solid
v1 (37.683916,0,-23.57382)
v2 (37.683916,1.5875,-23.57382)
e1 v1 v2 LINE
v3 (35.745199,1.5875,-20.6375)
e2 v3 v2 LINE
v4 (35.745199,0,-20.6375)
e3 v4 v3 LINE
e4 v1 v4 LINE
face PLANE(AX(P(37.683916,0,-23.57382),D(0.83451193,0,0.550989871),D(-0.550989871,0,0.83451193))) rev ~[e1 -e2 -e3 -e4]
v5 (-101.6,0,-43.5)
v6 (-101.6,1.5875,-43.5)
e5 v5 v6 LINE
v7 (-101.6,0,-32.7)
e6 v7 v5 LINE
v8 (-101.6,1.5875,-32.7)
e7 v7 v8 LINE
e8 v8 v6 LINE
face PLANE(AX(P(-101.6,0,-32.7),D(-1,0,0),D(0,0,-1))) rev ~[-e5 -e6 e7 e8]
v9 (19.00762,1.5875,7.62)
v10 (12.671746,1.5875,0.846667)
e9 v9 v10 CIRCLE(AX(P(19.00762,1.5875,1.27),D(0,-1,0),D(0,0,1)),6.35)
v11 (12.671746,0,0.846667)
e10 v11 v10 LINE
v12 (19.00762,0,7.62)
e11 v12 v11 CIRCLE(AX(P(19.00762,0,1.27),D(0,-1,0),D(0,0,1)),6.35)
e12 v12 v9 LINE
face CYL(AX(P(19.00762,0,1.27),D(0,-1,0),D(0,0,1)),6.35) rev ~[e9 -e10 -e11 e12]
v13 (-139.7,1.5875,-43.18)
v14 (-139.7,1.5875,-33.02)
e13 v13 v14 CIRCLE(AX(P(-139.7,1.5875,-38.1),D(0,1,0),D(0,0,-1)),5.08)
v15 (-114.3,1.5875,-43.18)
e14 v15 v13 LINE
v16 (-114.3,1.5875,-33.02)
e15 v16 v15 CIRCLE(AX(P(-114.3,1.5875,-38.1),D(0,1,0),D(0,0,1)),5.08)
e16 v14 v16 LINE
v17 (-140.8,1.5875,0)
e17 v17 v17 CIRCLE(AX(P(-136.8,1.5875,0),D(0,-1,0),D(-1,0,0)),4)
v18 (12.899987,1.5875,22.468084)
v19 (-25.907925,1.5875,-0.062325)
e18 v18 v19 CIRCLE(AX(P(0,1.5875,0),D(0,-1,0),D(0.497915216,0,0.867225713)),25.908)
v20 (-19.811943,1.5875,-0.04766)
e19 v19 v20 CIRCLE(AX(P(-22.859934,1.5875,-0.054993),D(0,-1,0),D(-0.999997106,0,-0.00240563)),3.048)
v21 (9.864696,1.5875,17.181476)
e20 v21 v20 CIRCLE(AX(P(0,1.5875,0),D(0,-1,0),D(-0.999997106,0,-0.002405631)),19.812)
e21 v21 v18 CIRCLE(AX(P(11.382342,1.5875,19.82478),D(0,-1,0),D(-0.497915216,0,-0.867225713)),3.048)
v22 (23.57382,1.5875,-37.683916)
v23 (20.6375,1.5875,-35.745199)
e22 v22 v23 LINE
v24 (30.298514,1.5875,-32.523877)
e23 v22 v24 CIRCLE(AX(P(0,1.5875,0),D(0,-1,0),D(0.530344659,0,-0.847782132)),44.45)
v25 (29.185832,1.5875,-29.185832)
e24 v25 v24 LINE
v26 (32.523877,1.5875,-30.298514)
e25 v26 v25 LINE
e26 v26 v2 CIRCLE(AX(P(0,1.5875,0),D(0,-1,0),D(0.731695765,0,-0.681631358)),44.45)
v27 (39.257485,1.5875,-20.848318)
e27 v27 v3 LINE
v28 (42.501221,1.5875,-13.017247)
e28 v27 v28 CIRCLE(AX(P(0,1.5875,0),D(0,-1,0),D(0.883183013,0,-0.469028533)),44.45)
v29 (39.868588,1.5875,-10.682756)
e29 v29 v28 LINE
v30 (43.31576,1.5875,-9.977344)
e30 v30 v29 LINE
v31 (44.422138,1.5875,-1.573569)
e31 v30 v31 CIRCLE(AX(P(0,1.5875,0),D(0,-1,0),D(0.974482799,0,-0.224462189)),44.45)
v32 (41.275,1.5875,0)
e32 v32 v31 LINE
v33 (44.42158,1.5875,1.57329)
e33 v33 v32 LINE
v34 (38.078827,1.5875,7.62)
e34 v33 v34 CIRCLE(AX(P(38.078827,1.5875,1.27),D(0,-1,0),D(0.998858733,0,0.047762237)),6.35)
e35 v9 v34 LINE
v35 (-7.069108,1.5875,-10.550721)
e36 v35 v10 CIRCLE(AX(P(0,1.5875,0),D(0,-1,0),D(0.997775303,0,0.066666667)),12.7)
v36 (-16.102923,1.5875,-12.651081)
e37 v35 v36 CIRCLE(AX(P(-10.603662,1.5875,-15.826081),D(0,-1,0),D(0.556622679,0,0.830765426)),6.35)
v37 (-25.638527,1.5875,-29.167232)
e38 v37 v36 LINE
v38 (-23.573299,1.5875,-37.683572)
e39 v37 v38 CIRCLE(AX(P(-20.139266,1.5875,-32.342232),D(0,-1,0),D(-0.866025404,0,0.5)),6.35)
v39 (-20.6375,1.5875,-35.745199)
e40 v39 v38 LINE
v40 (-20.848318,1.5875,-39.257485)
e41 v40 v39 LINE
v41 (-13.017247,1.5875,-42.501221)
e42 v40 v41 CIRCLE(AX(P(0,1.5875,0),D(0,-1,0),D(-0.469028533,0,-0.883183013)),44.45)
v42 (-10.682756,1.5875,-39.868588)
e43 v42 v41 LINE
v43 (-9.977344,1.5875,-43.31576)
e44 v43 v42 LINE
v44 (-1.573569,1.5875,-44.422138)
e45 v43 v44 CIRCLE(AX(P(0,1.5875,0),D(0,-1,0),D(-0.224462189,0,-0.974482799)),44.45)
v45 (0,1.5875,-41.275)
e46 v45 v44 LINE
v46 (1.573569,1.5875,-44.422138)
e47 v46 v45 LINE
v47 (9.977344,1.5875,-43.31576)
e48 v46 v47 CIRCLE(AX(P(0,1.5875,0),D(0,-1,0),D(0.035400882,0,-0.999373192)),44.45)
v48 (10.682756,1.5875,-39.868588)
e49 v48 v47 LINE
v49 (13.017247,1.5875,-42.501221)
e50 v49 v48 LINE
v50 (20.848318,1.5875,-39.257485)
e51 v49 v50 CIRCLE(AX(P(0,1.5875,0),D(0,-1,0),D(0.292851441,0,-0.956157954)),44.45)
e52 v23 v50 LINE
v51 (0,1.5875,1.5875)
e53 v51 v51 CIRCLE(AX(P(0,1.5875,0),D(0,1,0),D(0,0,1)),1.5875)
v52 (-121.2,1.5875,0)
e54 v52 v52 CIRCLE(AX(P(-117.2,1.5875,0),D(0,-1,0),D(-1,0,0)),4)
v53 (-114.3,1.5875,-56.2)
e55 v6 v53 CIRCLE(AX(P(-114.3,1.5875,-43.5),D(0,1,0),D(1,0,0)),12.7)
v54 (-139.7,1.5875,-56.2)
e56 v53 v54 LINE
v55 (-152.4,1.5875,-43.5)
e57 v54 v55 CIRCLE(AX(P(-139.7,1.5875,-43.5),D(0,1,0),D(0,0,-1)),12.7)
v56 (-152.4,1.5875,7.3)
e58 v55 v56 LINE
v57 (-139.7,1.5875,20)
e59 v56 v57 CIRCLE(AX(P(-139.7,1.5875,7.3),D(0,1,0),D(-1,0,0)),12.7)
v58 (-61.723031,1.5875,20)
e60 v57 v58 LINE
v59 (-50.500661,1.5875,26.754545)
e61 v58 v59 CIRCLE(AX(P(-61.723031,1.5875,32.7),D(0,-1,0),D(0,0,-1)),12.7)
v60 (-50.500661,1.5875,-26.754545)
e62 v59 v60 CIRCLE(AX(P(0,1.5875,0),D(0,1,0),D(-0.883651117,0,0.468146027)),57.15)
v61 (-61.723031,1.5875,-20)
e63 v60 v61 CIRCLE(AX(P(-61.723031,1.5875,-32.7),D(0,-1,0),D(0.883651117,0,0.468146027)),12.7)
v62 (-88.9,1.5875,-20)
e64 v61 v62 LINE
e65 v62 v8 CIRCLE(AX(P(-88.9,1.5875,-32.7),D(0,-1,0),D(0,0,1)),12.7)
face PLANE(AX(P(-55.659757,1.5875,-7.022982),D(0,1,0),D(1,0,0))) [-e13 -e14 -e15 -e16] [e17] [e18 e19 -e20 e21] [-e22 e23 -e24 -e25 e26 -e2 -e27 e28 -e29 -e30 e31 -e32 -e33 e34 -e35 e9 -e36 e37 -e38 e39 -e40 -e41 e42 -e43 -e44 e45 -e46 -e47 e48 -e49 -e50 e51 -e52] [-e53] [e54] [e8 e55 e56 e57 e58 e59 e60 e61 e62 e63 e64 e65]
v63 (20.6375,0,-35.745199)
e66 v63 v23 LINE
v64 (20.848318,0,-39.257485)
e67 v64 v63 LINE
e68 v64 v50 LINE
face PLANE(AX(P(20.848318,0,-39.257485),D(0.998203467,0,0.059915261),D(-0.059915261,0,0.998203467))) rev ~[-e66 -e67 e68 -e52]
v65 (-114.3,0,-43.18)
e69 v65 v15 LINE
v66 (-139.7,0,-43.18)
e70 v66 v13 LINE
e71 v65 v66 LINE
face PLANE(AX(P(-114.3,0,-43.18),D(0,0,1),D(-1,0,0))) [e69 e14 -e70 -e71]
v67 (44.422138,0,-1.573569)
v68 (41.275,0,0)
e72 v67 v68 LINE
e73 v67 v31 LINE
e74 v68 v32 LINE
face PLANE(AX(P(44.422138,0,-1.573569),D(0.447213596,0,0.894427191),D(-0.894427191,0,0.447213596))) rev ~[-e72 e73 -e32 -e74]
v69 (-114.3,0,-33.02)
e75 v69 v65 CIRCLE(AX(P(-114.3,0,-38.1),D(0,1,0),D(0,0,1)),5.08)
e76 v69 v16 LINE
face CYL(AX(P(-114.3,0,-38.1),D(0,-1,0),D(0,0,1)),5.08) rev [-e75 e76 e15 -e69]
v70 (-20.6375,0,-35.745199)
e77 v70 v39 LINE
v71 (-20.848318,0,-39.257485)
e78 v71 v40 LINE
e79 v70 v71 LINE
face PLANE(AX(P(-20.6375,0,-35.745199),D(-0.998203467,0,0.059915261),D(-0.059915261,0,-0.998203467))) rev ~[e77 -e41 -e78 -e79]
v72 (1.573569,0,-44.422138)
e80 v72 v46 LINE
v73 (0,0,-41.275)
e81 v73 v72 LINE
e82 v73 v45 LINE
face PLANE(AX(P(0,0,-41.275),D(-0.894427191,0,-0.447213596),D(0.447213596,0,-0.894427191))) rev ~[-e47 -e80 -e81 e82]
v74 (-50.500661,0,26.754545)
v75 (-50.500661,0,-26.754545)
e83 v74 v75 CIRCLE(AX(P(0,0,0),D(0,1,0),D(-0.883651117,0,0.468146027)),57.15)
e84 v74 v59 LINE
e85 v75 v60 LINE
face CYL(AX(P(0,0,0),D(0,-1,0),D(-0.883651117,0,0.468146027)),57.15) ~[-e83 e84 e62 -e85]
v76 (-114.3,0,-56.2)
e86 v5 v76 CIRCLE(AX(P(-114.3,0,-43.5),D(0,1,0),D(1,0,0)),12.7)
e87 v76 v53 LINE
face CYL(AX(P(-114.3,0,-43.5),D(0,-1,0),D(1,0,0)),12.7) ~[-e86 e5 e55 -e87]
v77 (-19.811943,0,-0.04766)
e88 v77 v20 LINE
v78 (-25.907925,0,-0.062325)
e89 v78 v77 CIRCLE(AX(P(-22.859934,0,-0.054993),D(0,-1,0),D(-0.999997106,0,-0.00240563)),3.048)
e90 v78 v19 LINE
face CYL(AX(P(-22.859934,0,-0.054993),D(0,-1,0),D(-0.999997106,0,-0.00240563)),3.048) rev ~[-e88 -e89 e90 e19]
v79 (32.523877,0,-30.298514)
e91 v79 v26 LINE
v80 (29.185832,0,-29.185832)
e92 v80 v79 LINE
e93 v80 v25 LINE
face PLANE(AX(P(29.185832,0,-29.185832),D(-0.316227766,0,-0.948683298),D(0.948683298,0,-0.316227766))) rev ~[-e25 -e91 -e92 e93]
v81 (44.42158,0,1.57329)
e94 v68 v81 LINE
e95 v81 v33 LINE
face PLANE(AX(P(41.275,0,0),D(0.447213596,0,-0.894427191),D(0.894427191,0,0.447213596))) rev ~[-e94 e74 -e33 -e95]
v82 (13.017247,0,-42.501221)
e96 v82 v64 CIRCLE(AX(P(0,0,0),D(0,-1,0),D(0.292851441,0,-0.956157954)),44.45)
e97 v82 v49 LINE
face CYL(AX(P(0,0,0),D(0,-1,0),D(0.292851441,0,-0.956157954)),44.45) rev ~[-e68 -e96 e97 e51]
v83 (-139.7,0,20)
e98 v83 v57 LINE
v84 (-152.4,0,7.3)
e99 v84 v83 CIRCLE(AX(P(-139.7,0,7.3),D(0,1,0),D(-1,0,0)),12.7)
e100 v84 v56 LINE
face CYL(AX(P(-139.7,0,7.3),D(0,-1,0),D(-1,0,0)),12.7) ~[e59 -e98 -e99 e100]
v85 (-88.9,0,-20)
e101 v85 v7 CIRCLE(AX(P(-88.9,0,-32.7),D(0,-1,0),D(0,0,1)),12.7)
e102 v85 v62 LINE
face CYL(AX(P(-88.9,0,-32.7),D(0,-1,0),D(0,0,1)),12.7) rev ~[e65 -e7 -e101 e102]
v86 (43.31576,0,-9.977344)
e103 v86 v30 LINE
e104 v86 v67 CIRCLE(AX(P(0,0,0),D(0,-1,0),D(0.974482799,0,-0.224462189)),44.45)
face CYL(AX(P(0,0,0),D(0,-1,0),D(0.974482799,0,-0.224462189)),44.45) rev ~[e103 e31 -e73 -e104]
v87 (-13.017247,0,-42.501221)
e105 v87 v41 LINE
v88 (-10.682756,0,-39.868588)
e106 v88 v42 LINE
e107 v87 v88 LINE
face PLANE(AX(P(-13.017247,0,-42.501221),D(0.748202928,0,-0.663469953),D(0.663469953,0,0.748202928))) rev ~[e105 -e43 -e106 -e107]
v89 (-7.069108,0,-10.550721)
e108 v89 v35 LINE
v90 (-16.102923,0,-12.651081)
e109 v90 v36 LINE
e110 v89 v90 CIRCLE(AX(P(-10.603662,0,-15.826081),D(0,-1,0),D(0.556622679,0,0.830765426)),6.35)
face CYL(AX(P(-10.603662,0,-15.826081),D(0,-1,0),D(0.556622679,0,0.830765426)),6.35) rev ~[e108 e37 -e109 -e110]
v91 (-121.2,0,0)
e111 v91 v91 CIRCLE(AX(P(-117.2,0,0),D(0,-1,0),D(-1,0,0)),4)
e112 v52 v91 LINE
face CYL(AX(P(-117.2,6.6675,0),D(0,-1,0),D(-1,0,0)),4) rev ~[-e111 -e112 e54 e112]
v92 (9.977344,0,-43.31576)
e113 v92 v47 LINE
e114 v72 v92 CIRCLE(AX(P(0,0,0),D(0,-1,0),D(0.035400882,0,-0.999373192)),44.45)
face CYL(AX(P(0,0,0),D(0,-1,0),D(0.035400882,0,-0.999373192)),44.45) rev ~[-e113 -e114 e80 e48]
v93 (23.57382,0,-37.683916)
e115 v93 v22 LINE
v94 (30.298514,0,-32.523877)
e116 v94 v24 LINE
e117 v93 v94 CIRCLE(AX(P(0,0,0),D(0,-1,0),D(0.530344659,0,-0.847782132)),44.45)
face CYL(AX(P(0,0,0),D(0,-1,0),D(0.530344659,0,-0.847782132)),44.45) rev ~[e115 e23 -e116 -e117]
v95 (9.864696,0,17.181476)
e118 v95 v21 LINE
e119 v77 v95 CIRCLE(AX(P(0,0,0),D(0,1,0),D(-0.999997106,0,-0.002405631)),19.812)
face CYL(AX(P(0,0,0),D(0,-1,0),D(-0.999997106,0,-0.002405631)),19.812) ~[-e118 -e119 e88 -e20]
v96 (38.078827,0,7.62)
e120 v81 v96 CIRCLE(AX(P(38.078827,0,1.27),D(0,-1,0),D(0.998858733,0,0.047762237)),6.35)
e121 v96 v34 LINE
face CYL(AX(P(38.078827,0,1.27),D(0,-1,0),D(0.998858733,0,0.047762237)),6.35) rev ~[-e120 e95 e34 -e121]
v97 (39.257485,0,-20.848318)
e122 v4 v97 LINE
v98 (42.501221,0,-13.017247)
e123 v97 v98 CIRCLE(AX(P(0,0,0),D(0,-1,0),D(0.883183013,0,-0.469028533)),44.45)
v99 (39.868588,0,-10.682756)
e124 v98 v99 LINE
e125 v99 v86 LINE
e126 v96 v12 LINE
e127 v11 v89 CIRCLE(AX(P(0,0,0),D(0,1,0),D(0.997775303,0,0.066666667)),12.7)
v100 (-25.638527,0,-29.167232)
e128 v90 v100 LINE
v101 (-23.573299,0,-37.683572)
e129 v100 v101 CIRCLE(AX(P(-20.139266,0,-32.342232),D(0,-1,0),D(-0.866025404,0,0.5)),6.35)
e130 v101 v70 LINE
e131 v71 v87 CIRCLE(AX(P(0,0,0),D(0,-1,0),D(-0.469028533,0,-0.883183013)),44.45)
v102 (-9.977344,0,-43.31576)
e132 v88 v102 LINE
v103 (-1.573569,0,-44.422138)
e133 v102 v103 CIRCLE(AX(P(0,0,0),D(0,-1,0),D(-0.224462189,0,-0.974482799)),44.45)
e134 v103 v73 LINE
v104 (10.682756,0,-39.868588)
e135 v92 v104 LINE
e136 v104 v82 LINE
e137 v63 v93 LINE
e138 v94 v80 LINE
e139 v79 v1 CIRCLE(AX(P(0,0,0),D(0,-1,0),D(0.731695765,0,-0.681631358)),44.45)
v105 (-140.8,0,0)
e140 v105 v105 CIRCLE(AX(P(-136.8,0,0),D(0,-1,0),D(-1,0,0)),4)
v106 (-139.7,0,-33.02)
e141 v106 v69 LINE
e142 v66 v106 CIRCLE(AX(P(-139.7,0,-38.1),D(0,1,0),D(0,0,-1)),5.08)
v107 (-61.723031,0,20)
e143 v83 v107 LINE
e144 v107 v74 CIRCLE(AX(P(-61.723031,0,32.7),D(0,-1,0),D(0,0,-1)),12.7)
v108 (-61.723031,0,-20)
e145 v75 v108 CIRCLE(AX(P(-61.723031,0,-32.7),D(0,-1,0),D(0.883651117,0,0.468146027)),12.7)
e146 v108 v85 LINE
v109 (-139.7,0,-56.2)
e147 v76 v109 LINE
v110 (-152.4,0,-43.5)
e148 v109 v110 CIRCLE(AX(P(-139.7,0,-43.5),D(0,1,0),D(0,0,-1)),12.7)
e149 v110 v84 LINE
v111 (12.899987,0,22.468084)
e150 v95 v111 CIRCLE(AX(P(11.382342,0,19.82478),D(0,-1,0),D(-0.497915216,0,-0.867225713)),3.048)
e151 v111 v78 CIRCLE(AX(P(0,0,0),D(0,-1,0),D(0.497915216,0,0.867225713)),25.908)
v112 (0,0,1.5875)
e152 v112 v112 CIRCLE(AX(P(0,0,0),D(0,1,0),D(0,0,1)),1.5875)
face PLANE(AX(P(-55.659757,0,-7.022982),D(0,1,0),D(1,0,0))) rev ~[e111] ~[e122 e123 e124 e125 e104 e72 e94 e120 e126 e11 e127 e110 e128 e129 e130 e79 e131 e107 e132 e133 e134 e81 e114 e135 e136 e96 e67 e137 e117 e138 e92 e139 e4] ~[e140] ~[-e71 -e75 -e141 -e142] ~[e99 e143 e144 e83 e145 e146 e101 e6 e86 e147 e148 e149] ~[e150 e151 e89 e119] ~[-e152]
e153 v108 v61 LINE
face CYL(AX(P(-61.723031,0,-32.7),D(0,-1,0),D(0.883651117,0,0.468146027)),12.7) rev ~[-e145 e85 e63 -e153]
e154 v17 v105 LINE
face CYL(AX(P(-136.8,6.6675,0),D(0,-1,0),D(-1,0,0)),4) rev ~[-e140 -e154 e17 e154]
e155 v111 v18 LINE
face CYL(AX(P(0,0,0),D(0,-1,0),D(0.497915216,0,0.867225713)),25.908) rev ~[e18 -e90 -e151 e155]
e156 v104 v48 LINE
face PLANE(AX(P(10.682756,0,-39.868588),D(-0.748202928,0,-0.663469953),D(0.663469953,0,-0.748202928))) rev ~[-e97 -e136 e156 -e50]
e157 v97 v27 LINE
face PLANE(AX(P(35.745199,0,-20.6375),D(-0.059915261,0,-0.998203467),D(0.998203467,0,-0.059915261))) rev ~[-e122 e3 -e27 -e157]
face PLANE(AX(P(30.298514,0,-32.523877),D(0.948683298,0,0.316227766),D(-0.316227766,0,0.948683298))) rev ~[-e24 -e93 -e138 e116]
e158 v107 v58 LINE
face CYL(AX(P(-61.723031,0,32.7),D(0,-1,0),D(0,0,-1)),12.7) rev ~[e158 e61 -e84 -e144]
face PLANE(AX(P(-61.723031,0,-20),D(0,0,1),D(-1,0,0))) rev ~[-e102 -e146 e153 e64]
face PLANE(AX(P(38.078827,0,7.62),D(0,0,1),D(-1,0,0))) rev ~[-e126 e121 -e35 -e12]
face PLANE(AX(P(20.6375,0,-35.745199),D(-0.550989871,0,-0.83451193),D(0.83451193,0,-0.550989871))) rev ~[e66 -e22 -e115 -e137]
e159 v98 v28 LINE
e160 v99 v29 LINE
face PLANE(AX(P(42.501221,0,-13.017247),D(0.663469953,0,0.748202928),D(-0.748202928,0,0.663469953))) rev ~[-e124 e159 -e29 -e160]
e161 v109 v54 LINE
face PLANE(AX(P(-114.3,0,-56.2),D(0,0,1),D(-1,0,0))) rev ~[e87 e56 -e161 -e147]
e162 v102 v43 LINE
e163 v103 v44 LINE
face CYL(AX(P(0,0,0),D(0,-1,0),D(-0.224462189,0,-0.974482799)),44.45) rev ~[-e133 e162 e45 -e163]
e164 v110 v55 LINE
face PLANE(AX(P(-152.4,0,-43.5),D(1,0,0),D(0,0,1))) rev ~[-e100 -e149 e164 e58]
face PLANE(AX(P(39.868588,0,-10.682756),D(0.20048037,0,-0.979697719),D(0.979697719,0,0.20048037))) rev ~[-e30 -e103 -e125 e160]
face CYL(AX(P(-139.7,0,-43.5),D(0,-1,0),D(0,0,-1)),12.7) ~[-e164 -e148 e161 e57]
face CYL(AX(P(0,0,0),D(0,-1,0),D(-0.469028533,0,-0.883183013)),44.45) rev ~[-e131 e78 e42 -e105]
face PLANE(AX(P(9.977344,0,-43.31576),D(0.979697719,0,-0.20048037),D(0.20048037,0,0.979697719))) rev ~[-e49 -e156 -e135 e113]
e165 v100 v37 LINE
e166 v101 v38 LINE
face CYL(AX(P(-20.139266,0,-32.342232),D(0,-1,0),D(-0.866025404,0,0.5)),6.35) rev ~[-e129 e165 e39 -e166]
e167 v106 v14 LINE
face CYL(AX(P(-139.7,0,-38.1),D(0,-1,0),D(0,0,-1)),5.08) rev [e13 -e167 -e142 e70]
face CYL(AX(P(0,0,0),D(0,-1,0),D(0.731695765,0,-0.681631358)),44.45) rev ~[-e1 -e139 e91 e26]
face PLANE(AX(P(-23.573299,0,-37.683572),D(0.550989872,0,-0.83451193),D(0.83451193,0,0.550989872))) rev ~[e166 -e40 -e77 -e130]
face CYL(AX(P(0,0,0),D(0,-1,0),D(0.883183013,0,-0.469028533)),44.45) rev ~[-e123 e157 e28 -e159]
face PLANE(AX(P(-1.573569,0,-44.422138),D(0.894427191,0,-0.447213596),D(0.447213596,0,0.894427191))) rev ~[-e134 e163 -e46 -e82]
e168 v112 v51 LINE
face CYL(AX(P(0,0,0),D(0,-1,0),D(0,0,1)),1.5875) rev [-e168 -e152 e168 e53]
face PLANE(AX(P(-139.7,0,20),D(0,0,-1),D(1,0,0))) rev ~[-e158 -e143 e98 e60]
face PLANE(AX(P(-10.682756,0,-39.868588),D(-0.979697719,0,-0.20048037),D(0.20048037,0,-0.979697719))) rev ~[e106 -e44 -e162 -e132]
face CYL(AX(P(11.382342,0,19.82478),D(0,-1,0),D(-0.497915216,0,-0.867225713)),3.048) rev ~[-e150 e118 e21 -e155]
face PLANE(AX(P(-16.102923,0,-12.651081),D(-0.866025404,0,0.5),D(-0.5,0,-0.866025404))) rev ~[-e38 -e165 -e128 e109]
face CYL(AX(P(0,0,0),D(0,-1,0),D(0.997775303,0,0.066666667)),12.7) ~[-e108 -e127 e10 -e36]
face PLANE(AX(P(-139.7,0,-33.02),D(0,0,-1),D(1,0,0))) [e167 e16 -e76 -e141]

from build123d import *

# Parameters (mm, degrees)
SKETCH1_R                 = 1.27
SKETCH1_R_2               = 1.5875
BOSS_EXTRUDE1_DEPTH       = 1.5875
CUT_EXTRUDE3_DEPTH        = 163.771012948
CUT_EXTRUDE4_DEPTH        = 163.771012948
F_8_0MM_DOWEL_HOLE1_D     = 8
F_8_0MM_DOWEL_HOLE1_DEPTH = 5.08
F_8_0MM_DOWEL_HOLE1_TIP   = 2.403442476


with BuildPart() as part:
    # Sketch1 → Boss-Extrude1 (new body)
    with BuildSketch(Plane(origin=(0, 0, 0), x_dir=(1, 0, 0), z_dir=(0, 1, 0))):
        with BuildLine():
            Line((-152.4, 43.5), (-152.4, -7.3))
            ThreePointArc((-152.4, -7.3), (-148.680256121, -16.280256121), (-139.7, -20))
            Line((-139.7, -20), (-61.723030548, -20))
            ThreePointArc((-61.723030548, -20), (-55.173880707, -21.818886254), (-50.500661357, -26.754545455))
            ThreePointArc((-50.500661357, -26.754545455), (57.15, 0), (-50.500661357, 26.754545455))
            ThreePointArc((-50.500661357, 26.754545455), (-55.173880707, 21.818886254), (-61.723030548, 20))
            Line((-61.723030548, 20), (-88.9, 20))
            ThreePointArc((-88.9, 20), (-97.880256121, 23.719743879), (-101.6, 32.7))
            Line((-101.6, 32.7), (-101.6, 43.5))
            ThreePointArc((-101.6, 43.5), (-105.319743879, 52.480256121), (-114.3, 56.2))
            Line((-114.3, 56.2), (-139.7, 56.2))
            ThreePointArc((-139.7, 56.2), (-148.680256121, 52.480256121), (-152.4, 43.5))
        make_face()
        with Locations(Location((-136.8, 0, 0), (0, 0, 270))):
            Circle(SKETCH1_R, mode=Mode.SUBTRACT)
        with Locations(Location((-117.2, 0, 0), (0, 0, 270))):
            Circle(SKETCH1_R, mode=Mode.SUBTRACT)
        with Locations(Location((0, 0, 0), (0, 0, 270))):
            Circle(SKETCH1_R_2, mode=Mode.SUBTRACT)
        with BuildLine():
            Line((-139.7, 33.02), (-114.3, 33.02))
            ThreePointArc((-114.3, 33.02), (-109.22, 38.1), (-114.3, 43.18))
            Line((-114.3, 43.18), (-139.7, 43.18))
            ThreePointArc((-139.7, 43.18), (-144.78, 38.1), (-139.7, 33.02))
        make_face(mode=Mode.SUBTRACT)
    extrude(amount=BOSS_EXTRUDE1_DEPTH)

    # Sketch5 → Cut-Extrude3 (cut, through all)
    with BuildSketch(Plane.XZ):
        with BuildLine():
            ThreePointArc((-19.811942673, -0.047660352), (-9.947246413, 17.133815477), (9.864696261, 17.18147583))
            ThreePointArc((9.864696261, 17.18147583), (14.025645813, 18.307134225), (12.899987418, 22.468083777))
            ThreePointArc((12.899987418, 22.468083777), (-13.007937617, 22.405758701), (-25.907925034, -0.062325076))
            ThreePointArc((-25.907925034, -0.062325076), (-22.852601492, -3.102983895), (-19.811942673, -0.047660352))
        make_face()
    extrude(amount=-CUT_EXTRUDE3_DEPTH, mode=Mode.SUBTRACT)

    # Sketch6 → Cut-Extrude4 (cut, through all)
    with BuildSketch(Plane.XZ):
        with BuildLine():
            Line((-16.102923339, -12.651081374), (-25.638527302, -29.167231918))
            ThreePointArc((-25.638527302, -29.167231918), (-26.310404552, -33.838744139), (-23.573299486, -37.683572006))
            Line((-23.573299486, -37.683572006), (-20.6375, -35.745198541))
            Line((-20.6375, -35.745198541), (-20.848318298, -39.257484944))
            ThreePointArc((-20.848318298, -39.257484944), (-17.010278569, -41.06644522), (-13.017246571, -42.501221061))
            Line((-13.017246571, -42.501221061), (-10.682756087, -39.86858848))
            Line((-10.682756087, -39.86858848), (-9.977344313, -43.315760417))
            ThreePointArc((-9.977344313, -43.315760417), (-5.801889244, -44.069724088), (-1.5735692, -44.422138399))
            Line((-1.5735692, -44.422138399), (0, -41.275))
            Line((0, -41.275), (1.5735692, -44.422138399))
            ThreePointArc((1.5735692, -44.422138399), (5.801889244, -44.069724088), (9.977344313, -43.315760417))
            Line((9.977344313, -43.315760417), (10.682756087, -39.86858848))
            Line((10.682756087, -39.86858848), (13.017246571, -42.501221061))
            ThreePointArc((13.017246571, -42.501221061), (17.010278569, -41.06644522), (20.848318298, -39.257484944))
            Line((20.848318298, -39.257484944), (20.6375, -35.745198541))
            Line((20.6375, -35.745198541), (23.573820101, -37.683915744))
            ThreePointArc((23.573820101, -37.683915744), (27.059445519, -35.264555976), (30.298513845, -32.523876749))
            Line((30.298513845, -32.523876749), (29.185832393, -29.185832393))
            Line((29.185832393, -29.185832393), (32.523876749, -30.298513845))
            ThreePointArc((32.523876749, -30.298513845), (35.264555976, -27.059445519), (37.683915744, -23.573820101))
            Line((37.683915744, -23.573820101), (35.745198541, -20.6375))
            Line((35.745198541, -20.6375), (39.257484944, -20.848318298))
            ThreePointArc((39.257484944, -20.848318298), (41.06644522, -17.010278569), (42.501221061, -13.017246571))
            Line((42.501221061, -13.017246571), (39.86858848, -10.682756087))
            Line((39.86858848, -10.682756087), (43.315760417, -9.977344313))
            ThreePointArc((43.315760417, -9.977344313), (44.069724088, -5.801889244), (44.422138399, -1.5735692))
            Line((44.422138399, -1.5735692), (41.275, 0))
            Line((41.275, 0), (44.421580406, 1.573290203))
            ThreePointArc((44.421580406, 1.573290203), (42.460414333, 5.866106656), (38.07882745, 7.62))
            Line((38.07882745, 7.62), (19.007619525, 7.62))
            ThreePointArc((19.007619525, 7.62), (14.370235205, 5.607875824), (12.67174635, 0.846666667))
            ThreePointArc((12.67174635, 0.846666667), (6.35, -10.998522628), (-7.069108017, -10.550720916))
            ThreePointArc((-7.069108017, -10.550720916), (-12.041680527, -9.641050833), (-16.102923339, -12.651081374))
        make_face()
    extrude(amount=-CUT_EXTRUDE4_DEPTH, mode=Mode.SUBTRACT)

    # Ø8.0mm Dowel Hole1
    with Locations(Plane(origin=(0, 1.5875, 0), x_dir=(1, 0, 0), z_dir=(0, 1, 0))):
        with Locations((-136.8, 0), (-117.2, 0)):
            Hole(F_8_0MM_DOWEL_HOLE1_D / 2, depth=F_8_0MM_DOWEL_HOLE1_DEPTH)
            with Locations((0, 0, -(F_8_0MM_DOWEL_HOLE1_DEPTH + F_8_0MM_DOWEL_HOLE1_TIP / 2))):  # 118° drill point
                Cone(0, F_8_0MM_DOWEL_HOLE1_D / 2, F_8_0MM_DOWEL_HOLE1_TIP, mode=Mode.SUBTRACT)


solid = part.part
